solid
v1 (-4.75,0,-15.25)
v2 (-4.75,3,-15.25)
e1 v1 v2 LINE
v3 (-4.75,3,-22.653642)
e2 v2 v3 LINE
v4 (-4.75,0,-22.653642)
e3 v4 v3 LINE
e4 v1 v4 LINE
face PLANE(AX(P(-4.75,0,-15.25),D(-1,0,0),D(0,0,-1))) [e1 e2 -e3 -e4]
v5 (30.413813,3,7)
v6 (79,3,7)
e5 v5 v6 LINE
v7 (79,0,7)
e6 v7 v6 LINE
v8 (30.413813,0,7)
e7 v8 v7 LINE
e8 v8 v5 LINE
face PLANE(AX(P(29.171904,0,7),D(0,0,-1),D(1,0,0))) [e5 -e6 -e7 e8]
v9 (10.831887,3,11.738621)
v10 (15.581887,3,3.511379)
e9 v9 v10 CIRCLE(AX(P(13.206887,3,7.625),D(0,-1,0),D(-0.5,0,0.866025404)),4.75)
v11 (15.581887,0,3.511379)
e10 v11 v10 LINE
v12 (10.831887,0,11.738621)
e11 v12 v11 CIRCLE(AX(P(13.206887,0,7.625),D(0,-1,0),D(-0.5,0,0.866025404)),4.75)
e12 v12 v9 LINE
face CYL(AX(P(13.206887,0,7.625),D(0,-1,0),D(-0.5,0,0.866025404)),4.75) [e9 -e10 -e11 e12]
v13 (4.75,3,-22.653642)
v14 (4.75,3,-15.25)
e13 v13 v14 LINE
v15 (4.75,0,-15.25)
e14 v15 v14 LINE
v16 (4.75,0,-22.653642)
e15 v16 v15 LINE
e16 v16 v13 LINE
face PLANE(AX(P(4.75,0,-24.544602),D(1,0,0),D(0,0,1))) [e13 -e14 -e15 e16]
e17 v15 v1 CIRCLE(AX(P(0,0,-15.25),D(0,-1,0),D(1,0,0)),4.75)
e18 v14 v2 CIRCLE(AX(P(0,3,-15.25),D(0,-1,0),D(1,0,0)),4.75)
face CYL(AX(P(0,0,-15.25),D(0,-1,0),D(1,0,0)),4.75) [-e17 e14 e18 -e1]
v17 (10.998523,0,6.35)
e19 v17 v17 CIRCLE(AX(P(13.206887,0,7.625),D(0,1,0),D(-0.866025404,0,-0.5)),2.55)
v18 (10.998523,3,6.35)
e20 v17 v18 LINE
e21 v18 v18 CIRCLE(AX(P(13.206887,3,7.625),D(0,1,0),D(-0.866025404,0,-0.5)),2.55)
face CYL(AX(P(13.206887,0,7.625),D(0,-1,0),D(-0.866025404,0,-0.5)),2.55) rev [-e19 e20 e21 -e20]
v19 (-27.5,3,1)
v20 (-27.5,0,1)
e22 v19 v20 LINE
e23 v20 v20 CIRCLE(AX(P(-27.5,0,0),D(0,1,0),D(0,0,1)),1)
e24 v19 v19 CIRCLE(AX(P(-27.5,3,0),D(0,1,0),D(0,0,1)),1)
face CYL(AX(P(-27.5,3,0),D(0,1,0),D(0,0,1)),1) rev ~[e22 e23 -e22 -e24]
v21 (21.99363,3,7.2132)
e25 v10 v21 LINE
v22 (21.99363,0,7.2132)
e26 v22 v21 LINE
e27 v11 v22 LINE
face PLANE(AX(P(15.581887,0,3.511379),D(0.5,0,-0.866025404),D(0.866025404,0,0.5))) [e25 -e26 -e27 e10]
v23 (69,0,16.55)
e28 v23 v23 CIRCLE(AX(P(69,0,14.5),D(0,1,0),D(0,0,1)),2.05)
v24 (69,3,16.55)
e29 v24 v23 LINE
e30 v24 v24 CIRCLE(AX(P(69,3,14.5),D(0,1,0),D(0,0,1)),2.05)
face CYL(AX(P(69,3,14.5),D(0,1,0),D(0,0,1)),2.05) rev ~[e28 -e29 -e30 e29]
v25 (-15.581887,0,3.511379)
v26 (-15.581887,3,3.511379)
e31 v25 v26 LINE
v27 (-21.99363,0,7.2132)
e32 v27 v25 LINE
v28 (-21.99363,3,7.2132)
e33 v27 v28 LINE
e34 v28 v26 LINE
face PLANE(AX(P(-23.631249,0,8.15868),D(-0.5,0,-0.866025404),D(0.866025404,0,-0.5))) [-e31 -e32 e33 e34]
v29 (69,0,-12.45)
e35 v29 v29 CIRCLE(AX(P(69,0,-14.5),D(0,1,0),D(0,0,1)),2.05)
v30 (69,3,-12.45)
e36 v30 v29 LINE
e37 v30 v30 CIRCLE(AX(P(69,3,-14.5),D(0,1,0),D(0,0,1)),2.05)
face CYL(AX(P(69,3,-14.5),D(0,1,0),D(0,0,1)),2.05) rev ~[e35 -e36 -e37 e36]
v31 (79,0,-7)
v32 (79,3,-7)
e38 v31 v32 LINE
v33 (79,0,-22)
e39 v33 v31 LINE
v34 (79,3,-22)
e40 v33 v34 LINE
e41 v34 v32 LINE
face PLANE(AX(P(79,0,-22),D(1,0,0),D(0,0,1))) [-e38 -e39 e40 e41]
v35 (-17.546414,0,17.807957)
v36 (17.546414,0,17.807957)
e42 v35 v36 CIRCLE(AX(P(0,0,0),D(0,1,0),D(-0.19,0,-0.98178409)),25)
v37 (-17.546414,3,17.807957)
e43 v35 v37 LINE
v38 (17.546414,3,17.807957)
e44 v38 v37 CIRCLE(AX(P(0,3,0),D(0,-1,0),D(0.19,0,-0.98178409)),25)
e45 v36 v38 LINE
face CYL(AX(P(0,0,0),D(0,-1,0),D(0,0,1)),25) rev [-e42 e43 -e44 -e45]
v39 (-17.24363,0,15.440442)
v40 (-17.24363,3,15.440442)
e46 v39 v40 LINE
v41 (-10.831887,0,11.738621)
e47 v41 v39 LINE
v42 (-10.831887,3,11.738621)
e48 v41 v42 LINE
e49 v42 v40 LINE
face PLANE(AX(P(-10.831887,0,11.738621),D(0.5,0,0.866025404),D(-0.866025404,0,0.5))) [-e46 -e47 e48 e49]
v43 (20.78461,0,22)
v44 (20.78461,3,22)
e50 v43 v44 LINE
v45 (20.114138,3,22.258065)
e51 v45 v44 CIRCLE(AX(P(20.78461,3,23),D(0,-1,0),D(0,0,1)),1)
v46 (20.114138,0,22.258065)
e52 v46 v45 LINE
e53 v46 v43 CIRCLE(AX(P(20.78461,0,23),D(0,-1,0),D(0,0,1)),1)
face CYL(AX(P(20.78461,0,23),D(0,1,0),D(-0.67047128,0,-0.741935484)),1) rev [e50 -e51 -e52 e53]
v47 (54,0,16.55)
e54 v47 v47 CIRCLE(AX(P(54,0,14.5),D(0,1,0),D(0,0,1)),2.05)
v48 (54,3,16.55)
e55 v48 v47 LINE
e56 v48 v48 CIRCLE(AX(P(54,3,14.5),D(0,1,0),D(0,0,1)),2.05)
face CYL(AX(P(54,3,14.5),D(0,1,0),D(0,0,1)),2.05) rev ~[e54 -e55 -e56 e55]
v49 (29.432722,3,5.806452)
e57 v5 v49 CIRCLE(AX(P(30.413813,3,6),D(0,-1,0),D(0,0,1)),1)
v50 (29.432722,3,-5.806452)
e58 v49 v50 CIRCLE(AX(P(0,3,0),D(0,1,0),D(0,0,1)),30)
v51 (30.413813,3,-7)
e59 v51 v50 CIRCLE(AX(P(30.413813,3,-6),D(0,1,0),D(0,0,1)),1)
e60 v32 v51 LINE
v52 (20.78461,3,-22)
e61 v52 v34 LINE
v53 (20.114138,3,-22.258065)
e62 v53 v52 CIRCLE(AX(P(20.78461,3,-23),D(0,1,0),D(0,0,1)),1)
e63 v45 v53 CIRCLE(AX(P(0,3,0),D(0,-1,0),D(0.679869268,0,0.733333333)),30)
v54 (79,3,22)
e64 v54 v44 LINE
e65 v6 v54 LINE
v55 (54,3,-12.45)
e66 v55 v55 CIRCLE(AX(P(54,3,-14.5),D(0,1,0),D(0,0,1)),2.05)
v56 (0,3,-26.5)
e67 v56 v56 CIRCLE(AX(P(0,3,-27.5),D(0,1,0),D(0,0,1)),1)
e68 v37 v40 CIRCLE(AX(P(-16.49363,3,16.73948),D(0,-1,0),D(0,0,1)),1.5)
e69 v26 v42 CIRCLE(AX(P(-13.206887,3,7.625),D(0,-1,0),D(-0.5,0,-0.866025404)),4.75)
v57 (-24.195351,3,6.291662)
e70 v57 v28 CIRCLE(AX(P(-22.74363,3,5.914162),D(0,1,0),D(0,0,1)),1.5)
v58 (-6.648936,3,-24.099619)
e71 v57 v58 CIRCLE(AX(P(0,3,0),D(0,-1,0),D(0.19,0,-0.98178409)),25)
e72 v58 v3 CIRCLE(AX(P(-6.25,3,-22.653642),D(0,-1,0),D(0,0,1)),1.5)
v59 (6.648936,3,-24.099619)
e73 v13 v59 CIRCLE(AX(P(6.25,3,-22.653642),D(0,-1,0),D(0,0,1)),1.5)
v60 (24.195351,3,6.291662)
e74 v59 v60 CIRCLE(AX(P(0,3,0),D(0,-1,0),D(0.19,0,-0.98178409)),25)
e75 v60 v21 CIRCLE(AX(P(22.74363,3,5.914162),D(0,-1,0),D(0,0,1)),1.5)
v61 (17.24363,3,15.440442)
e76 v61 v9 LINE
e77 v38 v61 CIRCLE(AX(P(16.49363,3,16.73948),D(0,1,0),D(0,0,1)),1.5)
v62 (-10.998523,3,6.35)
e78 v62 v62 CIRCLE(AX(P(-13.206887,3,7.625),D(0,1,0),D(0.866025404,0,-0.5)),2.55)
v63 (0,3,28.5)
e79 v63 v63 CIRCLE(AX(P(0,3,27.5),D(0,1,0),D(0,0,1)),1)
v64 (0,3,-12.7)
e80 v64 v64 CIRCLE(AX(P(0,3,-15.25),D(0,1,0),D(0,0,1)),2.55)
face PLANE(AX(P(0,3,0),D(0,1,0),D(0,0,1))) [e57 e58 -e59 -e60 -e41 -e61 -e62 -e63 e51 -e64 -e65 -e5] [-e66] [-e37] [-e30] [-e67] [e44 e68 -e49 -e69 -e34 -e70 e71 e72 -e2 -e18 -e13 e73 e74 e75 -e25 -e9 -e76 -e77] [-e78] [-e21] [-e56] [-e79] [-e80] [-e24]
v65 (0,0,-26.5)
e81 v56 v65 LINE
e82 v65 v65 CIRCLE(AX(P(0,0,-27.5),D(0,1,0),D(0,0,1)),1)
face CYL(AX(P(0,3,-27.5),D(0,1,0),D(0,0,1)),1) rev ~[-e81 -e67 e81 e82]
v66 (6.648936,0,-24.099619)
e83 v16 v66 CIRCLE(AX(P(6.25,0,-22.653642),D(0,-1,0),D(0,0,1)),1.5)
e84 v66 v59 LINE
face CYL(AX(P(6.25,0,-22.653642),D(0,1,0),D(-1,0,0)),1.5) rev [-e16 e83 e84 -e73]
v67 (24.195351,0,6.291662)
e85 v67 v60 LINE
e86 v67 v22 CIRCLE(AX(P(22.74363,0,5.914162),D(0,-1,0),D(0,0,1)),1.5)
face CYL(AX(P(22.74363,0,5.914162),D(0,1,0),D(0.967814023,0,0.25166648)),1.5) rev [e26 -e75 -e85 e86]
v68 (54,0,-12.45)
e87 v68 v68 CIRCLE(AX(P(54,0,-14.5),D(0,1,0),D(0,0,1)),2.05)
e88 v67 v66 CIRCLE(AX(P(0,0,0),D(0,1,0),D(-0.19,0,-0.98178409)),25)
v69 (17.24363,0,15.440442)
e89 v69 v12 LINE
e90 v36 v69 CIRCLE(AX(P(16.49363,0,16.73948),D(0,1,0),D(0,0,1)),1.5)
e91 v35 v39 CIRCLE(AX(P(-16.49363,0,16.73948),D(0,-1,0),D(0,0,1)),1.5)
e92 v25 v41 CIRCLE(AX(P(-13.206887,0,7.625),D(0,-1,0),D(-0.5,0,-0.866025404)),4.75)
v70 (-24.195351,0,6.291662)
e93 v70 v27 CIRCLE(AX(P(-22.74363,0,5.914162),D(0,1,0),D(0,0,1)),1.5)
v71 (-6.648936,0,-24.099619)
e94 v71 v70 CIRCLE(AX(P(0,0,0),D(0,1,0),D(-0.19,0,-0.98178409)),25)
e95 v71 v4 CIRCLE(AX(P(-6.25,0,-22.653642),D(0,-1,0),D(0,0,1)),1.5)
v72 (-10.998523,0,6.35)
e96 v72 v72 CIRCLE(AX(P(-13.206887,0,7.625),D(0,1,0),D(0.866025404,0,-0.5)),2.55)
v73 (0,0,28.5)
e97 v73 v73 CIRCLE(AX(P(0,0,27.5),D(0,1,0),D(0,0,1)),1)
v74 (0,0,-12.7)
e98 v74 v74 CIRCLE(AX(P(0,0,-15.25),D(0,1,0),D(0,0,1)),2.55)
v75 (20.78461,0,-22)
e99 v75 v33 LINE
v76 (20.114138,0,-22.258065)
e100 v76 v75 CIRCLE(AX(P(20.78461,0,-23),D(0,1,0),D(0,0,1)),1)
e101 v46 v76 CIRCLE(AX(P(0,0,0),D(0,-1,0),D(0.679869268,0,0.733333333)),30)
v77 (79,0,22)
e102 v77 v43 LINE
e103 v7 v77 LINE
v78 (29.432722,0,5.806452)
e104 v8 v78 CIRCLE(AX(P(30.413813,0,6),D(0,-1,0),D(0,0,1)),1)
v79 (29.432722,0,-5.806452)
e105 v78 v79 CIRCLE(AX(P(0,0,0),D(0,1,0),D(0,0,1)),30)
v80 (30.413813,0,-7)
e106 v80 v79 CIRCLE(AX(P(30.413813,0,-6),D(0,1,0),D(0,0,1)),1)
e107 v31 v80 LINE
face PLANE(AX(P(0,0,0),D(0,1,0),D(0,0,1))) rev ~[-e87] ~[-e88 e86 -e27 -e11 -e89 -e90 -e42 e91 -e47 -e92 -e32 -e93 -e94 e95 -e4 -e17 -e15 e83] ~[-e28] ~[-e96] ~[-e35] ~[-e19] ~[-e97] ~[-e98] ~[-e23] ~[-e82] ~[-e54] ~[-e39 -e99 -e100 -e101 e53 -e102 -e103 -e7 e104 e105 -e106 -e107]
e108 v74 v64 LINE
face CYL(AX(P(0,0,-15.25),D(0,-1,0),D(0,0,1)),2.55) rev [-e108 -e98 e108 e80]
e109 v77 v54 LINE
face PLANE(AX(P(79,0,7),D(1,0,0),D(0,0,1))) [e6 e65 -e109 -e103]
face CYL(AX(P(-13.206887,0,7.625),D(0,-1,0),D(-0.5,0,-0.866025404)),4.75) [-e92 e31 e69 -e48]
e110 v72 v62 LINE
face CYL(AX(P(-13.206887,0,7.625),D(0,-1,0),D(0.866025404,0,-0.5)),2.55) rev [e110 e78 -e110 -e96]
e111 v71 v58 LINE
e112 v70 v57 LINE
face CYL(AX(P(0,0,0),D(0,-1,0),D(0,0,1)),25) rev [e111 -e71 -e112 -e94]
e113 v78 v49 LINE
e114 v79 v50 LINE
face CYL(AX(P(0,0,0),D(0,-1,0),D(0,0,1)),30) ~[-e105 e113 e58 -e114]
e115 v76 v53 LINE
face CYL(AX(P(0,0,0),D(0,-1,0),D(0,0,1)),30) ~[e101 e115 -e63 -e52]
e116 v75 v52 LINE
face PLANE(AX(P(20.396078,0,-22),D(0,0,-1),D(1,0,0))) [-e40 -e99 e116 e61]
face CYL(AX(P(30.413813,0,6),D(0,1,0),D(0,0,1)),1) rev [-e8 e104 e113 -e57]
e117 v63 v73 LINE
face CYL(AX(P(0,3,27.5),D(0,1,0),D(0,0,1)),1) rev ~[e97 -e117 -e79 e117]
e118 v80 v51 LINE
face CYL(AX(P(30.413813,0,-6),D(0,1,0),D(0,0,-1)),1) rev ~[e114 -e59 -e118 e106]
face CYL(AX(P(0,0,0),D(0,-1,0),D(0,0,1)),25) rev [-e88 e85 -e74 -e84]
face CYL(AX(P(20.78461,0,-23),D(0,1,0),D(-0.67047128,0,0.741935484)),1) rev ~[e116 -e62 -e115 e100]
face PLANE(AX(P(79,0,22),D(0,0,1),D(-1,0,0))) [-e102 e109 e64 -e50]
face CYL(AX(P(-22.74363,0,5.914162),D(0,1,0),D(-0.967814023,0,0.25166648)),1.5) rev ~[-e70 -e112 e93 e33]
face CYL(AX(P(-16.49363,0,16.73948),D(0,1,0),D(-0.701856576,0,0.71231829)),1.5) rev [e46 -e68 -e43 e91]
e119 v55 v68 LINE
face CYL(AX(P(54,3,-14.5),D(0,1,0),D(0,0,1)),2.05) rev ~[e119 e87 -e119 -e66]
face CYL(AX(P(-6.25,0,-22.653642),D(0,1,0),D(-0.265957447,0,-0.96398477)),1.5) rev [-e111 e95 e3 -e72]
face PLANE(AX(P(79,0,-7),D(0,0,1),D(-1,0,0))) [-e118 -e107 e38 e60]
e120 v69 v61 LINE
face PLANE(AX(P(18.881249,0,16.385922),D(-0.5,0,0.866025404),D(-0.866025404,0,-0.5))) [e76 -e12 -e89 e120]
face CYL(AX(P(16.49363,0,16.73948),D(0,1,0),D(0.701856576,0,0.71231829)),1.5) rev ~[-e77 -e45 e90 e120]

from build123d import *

# Parameters (mm, degrees)
SKETCH1_R           = 30
SKETCH1_R_2         = 25
BOSS_EXTRUDE1_DEPTH = 3
BOSS_EXTRUDE2_START = -3
SKETCH2_R           = 2.55
BOSS_EXTRUDE2_DEPTH = 3
CIRPATTERN1_COUNT   = 3
FILLET1_R           = 1.5
BOSS_EXTRUDE3_START = -3
BOSS_EXTRUDE3_DEPTH = 3
SKETCH4_R           = 2.05
CUT_EXTRUDE1_DEPTH  = 85.557672626
SKETCH5_R           = 1
CUT_EXTRUDE2_DEPTH  = 85.557672626
FILLET2_R           = 1


with BuildPart() as part:
    # Sketch1 → Boss-Extrude1 (new body)
    with BuildSketch(Plane(origin=(0, 0, 0), x_dir=(1, 0, 0), z_dir=(0, 1, 0))):
        with Locations(Location((0, 0, 0), (0, 0, 270))):
            Circle(SKETCH1_R)
        with Locations(Location((0, 0, 0), (0, 0, 270))):
            Circle(SKETCH1_R_2, mode=Mode.SUBTRACT)
    extrude(amount=BOSS_EXTRUDE1_DEPTH)

    # Sketch2 → Boss-Extrude2 (add)
    with BuildSketch(Plane(origin=(0, 3, 0), x_dir=(1, 0, 0), z_dir=(0, 1, 0)).offset(BOSS_EXTRUDE2_START)):
        with BuildLine():
            Line((-4.75, 15.25), (-4.75, 24.544602258))
            ThreePointArc((-4.75, 24.544602258), (0, 25), (4.75, 24.544602258))
            Line((4.75, 24.544602258), (4.75, 15.25))
            ThreePointArc((4.75, 15.25), (0, 10.5), (-4.75, 15.25))
        make_face()
        with Locations(Location((0, 15.25, 0), (0, 0, 270))):
            Circle(SKETCH2_R, mode=Mode.SUBTRACT)
    boss_extrude2 = extrude(amount=BOSS_EXTRUDE2_DEPTH)

    # CirPattern1: Boss-Extrude2 ×3 about axis
    cirpattern1_axis = Axis((0, 0, 0), (0, 1, 0))
    for i in range(1, CIRPATTERN1_COUNT):
        add(boss_extrude2.rotate(cirpattern1_axis, i * 360 / CIRPATTERN1_COUNT))

    # Fillet1
    fillet1_edges = [part.edges().sort_by_distance(p)[0] for p in [
        (4.75, 1.5, -24.544602258),
        (-4.75, 1.5, -24.544602258),
        (18.881249081, 1.5, 16.385921797),
        (23.631249081, 1.5, 8.158680461),
        (-23.631249081, 1.5, 8.158680461),
        (-18.881249081, 1.5, 16.385921797),
    ]]
    fillet(fillet1_edges, radius=FILLET1_R)

    # Sketch3 → Boss-Extrude3 (add)
    with BuildSketch(Plane(origin=(0, 3, 0), x_dir=(1, 0, 0), z_dir=(0, 1, 0)).offset(BOSS_EXTRUDE3_START)):
        with BuildLine():
            Line((20.396078054, 22), (79, 22))
            Line((79, 22), (79, 7))
            Line((79, 7), (29.171904292, 7))
            ThreePointArc((29.171904292, 7), (25.893941733, 15.149382216), (20.396078054, 22))
        make_face()
        with BuildLine():
            Line((29.171904292, -7), (79, -7))
            Line((79, -7), (79, -22))
            Line((79, -22), (20.396078054, -22))
            ThreePointArc((20.396078054, -22), (25.893941733, -15.149382216), (29.171904292, -7))
        make_face()
    extrude(amount=BOSS_EXTRUDE3_DEPTH)

    # Sketch4 → Cut-Extrude1 (cut, through all)
    with BuildSketch(Plane(origin=(0, 3, 0), x_dir=(1, 0, 0), z_dir=(0, 1, 0))):
        with Locations(Location((54, 14.5, 0), (0, 0, 270))):
            Circle(SKETCH4_R)
        with Locations(Location((69, 14.5, 0), (0, 0, 270))):
            Circle(SKETCH4_R)
        with Locations(Location((54, -14.5, 0), (0, 0, 270))):
            Circle(SKETCH4_R)
        with Locations(Location((69, -14.5, 0), (0, 0, 270))):
            Circle(SKETCH4_R)
    extrude(amount=-CUT_EXTRUDE1_DEPTH, mode=Mode.SUBTRACT)

    # Sketch5 → Cut-Extrude2 (cut, through all)
    with BuildSketch(Plane(origin=(0, 3, 0), x_dir=(1, 0, 0), z_dir=(0, 1, 0))):
        with Locations(Location((0, 27.5, 0), (0, 0, 270))):
            Circle(SKETCH5_R)
        with Locations(Location((-27.5, 0, 0), (0, 0, 270))):
            Circle(SKETCH5_R)
        with Locations(Location((0, -27.5, 0), (0, 0, 270))):
            Circle(SKETCH5_R)
    extrude(amount=-CUT_EXTRUDE2_DEPTH, mode=Mode.SUBTRACT)

    # Fillet2
    fillet2_edges = [part.edges().sort_by_distance(p)[0] for p in [
        (20.396078054, 1.5, 22),
        (29.171904292, 1.5, 7),
        (29.171904292, 1.5, -7),
        (20.396078054, 1.5, -22),
    ]]
    fillet(fillet2_edges, radius=FILLET2_R)


solid = part.part
